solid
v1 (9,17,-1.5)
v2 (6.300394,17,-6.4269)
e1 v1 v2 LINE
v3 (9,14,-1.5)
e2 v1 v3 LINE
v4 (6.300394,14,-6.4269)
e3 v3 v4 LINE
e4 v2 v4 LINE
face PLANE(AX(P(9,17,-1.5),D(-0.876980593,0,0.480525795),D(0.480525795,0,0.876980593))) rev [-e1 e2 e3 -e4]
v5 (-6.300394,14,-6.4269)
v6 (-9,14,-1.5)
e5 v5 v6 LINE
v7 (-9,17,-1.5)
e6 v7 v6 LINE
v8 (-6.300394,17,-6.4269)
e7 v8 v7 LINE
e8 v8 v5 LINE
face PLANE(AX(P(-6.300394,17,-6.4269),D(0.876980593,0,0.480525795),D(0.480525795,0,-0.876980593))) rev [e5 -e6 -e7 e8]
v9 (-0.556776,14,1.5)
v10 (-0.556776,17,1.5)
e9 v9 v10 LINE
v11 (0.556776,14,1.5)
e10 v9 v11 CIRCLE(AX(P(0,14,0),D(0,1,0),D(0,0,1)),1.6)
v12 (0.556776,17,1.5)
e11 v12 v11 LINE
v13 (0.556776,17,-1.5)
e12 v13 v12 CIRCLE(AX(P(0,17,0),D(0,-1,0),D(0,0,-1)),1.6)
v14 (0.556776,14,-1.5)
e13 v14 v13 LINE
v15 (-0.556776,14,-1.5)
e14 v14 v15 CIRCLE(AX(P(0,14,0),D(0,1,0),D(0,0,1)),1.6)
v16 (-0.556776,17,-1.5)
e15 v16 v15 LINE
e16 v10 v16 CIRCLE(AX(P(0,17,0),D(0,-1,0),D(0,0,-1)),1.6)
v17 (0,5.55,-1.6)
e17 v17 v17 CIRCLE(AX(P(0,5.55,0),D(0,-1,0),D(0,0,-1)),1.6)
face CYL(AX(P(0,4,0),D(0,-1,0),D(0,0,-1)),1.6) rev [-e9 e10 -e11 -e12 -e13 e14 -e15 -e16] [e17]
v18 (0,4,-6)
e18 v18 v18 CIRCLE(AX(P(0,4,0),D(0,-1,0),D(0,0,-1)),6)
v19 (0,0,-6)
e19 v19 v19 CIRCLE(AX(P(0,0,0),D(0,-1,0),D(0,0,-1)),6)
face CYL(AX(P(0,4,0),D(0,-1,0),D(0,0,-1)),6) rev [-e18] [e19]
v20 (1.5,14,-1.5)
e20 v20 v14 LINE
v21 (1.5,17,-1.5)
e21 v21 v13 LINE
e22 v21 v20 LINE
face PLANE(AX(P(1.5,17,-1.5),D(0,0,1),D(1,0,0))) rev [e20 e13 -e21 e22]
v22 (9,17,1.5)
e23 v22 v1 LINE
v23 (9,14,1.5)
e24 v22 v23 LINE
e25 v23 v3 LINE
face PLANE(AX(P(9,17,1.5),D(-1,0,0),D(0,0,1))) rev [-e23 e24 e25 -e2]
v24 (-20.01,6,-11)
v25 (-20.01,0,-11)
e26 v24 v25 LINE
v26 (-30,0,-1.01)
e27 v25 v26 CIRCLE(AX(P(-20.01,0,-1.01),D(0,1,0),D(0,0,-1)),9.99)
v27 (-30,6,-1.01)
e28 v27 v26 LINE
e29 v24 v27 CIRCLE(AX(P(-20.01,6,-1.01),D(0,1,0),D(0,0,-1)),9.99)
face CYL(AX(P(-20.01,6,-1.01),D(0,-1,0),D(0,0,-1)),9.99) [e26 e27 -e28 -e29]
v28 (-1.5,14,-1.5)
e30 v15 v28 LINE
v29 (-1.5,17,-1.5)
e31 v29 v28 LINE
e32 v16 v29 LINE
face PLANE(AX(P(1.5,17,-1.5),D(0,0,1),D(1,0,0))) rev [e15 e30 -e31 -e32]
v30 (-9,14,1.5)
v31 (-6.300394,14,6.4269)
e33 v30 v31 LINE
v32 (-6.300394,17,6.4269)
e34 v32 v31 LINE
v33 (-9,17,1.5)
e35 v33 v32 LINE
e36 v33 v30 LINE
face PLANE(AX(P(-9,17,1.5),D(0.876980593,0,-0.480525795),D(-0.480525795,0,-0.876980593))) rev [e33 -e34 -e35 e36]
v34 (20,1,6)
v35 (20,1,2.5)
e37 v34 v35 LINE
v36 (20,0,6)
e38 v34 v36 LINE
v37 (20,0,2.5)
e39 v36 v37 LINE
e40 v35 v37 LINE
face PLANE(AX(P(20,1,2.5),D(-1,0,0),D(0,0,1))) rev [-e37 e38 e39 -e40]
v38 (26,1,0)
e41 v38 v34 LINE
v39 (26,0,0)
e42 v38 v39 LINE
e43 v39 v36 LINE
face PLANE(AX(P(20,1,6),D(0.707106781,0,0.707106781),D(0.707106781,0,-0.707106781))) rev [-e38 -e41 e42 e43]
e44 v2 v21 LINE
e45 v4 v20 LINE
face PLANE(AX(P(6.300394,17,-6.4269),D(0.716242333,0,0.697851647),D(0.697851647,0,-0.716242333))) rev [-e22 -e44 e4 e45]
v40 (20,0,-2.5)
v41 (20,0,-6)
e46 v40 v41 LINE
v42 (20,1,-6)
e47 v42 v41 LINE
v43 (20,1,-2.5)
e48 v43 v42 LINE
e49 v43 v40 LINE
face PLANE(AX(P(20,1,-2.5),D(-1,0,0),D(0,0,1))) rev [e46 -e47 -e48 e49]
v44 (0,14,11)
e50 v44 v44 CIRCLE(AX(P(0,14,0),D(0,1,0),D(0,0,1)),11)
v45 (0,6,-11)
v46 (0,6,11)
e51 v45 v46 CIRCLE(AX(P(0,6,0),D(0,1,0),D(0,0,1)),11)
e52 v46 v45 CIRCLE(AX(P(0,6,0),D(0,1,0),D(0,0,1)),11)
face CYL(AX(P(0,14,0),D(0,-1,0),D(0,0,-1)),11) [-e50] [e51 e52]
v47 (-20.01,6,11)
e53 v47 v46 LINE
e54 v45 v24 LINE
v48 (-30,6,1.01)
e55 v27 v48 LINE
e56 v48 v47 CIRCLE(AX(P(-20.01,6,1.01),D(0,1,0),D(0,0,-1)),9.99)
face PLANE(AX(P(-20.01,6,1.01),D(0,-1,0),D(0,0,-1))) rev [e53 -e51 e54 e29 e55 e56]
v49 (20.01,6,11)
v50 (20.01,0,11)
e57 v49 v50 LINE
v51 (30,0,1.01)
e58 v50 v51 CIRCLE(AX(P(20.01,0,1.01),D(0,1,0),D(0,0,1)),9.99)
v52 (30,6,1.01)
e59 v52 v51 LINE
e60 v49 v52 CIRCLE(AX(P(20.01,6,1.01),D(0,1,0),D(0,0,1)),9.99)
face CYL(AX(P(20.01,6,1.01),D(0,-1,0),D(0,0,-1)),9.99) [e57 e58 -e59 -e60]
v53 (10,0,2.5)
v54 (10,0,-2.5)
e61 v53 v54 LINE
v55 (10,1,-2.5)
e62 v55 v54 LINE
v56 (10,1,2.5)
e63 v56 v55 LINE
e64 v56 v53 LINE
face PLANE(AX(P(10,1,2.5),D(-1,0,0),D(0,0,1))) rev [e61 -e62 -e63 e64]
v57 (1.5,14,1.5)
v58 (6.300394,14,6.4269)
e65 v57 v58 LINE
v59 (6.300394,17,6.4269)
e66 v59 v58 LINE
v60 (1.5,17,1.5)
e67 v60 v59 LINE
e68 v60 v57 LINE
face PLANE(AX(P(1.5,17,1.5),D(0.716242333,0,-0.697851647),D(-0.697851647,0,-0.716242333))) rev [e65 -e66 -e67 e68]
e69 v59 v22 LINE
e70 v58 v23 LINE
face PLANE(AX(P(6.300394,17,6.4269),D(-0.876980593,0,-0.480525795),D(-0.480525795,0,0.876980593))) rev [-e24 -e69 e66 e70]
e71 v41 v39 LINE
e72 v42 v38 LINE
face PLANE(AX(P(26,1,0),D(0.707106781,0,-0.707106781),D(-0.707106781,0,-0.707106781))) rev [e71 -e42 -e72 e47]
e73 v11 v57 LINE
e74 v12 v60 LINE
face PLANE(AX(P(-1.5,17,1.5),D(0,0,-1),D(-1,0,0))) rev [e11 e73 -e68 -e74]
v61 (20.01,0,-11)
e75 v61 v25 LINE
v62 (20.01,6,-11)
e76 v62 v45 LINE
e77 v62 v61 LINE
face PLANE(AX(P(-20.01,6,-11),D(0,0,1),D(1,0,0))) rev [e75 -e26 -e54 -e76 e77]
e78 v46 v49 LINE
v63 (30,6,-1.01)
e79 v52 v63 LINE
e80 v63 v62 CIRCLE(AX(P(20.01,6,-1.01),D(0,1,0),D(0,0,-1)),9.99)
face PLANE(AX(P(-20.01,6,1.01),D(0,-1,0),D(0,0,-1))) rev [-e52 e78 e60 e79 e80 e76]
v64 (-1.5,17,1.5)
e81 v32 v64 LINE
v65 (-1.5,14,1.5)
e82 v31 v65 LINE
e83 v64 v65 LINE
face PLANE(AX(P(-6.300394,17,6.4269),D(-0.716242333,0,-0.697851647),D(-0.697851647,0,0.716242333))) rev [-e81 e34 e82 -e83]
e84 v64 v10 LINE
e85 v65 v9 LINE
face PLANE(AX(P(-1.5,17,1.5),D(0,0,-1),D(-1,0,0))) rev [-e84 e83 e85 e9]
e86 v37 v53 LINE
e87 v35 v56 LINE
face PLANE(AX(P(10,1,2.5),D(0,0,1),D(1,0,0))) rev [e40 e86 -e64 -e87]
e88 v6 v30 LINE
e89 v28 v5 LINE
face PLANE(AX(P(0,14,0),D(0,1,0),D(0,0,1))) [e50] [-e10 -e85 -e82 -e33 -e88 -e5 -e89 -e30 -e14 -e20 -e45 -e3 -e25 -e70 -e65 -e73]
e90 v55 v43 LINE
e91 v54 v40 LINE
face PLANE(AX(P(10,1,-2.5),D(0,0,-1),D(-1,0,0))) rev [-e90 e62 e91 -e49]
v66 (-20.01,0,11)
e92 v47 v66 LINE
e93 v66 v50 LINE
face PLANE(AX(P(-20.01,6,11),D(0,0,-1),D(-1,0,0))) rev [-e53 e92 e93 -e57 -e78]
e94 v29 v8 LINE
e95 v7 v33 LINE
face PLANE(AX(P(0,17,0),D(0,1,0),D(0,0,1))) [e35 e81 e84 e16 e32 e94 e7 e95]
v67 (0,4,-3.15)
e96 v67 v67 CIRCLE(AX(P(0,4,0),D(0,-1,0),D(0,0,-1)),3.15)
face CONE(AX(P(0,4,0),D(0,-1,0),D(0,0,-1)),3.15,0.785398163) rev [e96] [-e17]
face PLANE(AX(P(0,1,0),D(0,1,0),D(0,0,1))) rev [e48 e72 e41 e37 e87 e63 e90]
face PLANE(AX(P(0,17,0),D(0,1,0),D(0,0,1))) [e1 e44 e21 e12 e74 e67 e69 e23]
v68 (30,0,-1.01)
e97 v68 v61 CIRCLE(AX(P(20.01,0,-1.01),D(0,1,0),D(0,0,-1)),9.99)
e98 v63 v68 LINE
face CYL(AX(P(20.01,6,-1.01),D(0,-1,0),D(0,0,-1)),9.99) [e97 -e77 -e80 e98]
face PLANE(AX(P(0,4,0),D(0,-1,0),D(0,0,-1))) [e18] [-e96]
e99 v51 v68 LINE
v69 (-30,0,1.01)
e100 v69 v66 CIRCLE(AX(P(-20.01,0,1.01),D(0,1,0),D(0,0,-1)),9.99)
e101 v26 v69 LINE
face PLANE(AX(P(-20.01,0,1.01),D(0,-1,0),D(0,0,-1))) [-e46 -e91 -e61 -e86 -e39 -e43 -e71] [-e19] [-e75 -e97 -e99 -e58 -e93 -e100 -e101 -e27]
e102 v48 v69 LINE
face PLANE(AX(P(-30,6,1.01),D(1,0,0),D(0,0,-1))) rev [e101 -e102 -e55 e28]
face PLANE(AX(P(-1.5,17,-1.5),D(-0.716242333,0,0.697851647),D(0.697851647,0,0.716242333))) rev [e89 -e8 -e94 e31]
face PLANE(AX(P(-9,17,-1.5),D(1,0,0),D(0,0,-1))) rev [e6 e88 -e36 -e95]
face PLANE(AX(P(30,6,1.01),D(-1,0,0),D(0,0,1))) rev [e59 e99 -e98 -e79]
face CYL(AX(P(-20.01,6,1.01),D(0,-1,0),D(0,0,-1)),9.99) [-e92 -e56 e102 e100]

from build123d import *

# Parameters (mm, degrees)
BOSS_EXTRUDE1_DEPTH                                 = 6
SKETCH2_R                                           = 11
BOSS_EXTRUDE2_DEPTH                                 = 8
SKETCH12_R                                          = 6
CUT_EXTRUDE2_DEPTH                                  = 4
BOSS_EXTRUDE3_DEPTH                                 = 3
CSK_FOR_M3_COUNTERSUNK_FLAT_HEAD_SCREW3_D           = 3.2
CSK_FOR_M3_COUNTERSUNK_FLAT_HEAD_SCREW3_CSINK_D     = 6.3
CSK_FOR_M3_COUNTERSUNK_FLAT_HEAD_SCREW3_CSINK_ANGLE = 90
CUT_EXTRUDE3_DEPTH                                  = 1


with BuildPart() as part:
    # Sketch1 → Boss-Extrude1 (new body)
    with BuildSketch(Plane(origin=(0, 0, 0), x_dir=(1, 0, 0), z_dir=(0, 1, 0))):
        with BuildLine():
            Line((-20.01, -11), (20.01, -11))
            ThreePointArc((20.01, -11), (27.073996744, -8.073996744), (30, -1.01))
            Line((30, -1.01), (30, 1.01))
            ThreePointArc((30, 1.01), (27.073996744, 8.073996744), (20.01, 11))
            Line((20.01, 11), (-20.01, 11))
            ThreePointArc((-20.01, 11), (-27.073996744, 8.073996744), (-30, 1.01))
            Line((-30, 1.01), (-30, -1.01))
            ThreePointArc((-30, -1.01), (-27.073996744, -8.073996744), (-20.01, -11))
        make_face()
    extrude(amount=BOSS_EXTRUDE1_DEPTH)

    # Sketch2 → Boss-Extrude2 (add)
    with BuildSketch(Plane(origin=(0, 6, 0), x_dir=(1, 0, 0), z_dir=(0, 1, 0))):
        Circle(SKETCH2_R)
    extrude(amount=BOSS_EXTRUDE2_DEPTH)

    # Sketch12 → Cut-Extrude2 (cut)
    with BuildSketch(Plane.XZ):
        Circle(SKETCH12_R)
    extrude(amount=-CUT_EXTRUDE2_DEPTH, mode=Mode.SUBTRACT)

    # Sketch19 → Boss-Extrude3 (add)
    with BuildSketch(Plane(origin=(0, 14, 0), x_dir=(1, 0, 0), z_dir=(0, 1, 0))):
        Polygon((-6.300393599, 6.426899758), (-9, 1.5), (-9, -1.5), (-6.300393599, -6.426899758), (-1.5, -1.5), (1.5, -1.5), (6.300393599, -6.426899758), (9, -1.5), (9, 1.5), (6.300393599, 6.426899758), (1.5, 1.5), (-1.5, 1.5), align=None)
    extrude(amount=BOSS_EXTRUDE3_DEPTH)

    # CSK for M3 Countersunk Flat Head Screw3 (through all)
    with Locations(Plane(origin=(0, 4, 0), x_dir=(-1, 0, 0), z_dir=(0, -1, 0))):
        with Locations((0, 0)):
            CounterSinkHole(CSK_FOR_M3_COUNTERSUNK_FLAT_HEAD_SCREW3_D / 2, CSK_FOR_M3_COUNTERSUNK_FLAT_HEAD_SCREW3_CSINK_D / 2, counter_sink_angle=CSK_FOR_M3_COUNTERSUNK_FLAT_HEAD_SCREW3_CSINK_ANGLE)

    # Sketch20 → Cut-Extrude3 (cut)
    with BuildSketch(Plane.XZ):
        Polygon((10, 2.5), (10, -2.5), (20, -2.5), (20, -6), (26, 0), (20, 6), (20, 2.5), align=None)
    extrude(amount=-CUT_EXTRUDE3_DEPTH, mode=Mode.SUBTRACT)


solid = part.part
